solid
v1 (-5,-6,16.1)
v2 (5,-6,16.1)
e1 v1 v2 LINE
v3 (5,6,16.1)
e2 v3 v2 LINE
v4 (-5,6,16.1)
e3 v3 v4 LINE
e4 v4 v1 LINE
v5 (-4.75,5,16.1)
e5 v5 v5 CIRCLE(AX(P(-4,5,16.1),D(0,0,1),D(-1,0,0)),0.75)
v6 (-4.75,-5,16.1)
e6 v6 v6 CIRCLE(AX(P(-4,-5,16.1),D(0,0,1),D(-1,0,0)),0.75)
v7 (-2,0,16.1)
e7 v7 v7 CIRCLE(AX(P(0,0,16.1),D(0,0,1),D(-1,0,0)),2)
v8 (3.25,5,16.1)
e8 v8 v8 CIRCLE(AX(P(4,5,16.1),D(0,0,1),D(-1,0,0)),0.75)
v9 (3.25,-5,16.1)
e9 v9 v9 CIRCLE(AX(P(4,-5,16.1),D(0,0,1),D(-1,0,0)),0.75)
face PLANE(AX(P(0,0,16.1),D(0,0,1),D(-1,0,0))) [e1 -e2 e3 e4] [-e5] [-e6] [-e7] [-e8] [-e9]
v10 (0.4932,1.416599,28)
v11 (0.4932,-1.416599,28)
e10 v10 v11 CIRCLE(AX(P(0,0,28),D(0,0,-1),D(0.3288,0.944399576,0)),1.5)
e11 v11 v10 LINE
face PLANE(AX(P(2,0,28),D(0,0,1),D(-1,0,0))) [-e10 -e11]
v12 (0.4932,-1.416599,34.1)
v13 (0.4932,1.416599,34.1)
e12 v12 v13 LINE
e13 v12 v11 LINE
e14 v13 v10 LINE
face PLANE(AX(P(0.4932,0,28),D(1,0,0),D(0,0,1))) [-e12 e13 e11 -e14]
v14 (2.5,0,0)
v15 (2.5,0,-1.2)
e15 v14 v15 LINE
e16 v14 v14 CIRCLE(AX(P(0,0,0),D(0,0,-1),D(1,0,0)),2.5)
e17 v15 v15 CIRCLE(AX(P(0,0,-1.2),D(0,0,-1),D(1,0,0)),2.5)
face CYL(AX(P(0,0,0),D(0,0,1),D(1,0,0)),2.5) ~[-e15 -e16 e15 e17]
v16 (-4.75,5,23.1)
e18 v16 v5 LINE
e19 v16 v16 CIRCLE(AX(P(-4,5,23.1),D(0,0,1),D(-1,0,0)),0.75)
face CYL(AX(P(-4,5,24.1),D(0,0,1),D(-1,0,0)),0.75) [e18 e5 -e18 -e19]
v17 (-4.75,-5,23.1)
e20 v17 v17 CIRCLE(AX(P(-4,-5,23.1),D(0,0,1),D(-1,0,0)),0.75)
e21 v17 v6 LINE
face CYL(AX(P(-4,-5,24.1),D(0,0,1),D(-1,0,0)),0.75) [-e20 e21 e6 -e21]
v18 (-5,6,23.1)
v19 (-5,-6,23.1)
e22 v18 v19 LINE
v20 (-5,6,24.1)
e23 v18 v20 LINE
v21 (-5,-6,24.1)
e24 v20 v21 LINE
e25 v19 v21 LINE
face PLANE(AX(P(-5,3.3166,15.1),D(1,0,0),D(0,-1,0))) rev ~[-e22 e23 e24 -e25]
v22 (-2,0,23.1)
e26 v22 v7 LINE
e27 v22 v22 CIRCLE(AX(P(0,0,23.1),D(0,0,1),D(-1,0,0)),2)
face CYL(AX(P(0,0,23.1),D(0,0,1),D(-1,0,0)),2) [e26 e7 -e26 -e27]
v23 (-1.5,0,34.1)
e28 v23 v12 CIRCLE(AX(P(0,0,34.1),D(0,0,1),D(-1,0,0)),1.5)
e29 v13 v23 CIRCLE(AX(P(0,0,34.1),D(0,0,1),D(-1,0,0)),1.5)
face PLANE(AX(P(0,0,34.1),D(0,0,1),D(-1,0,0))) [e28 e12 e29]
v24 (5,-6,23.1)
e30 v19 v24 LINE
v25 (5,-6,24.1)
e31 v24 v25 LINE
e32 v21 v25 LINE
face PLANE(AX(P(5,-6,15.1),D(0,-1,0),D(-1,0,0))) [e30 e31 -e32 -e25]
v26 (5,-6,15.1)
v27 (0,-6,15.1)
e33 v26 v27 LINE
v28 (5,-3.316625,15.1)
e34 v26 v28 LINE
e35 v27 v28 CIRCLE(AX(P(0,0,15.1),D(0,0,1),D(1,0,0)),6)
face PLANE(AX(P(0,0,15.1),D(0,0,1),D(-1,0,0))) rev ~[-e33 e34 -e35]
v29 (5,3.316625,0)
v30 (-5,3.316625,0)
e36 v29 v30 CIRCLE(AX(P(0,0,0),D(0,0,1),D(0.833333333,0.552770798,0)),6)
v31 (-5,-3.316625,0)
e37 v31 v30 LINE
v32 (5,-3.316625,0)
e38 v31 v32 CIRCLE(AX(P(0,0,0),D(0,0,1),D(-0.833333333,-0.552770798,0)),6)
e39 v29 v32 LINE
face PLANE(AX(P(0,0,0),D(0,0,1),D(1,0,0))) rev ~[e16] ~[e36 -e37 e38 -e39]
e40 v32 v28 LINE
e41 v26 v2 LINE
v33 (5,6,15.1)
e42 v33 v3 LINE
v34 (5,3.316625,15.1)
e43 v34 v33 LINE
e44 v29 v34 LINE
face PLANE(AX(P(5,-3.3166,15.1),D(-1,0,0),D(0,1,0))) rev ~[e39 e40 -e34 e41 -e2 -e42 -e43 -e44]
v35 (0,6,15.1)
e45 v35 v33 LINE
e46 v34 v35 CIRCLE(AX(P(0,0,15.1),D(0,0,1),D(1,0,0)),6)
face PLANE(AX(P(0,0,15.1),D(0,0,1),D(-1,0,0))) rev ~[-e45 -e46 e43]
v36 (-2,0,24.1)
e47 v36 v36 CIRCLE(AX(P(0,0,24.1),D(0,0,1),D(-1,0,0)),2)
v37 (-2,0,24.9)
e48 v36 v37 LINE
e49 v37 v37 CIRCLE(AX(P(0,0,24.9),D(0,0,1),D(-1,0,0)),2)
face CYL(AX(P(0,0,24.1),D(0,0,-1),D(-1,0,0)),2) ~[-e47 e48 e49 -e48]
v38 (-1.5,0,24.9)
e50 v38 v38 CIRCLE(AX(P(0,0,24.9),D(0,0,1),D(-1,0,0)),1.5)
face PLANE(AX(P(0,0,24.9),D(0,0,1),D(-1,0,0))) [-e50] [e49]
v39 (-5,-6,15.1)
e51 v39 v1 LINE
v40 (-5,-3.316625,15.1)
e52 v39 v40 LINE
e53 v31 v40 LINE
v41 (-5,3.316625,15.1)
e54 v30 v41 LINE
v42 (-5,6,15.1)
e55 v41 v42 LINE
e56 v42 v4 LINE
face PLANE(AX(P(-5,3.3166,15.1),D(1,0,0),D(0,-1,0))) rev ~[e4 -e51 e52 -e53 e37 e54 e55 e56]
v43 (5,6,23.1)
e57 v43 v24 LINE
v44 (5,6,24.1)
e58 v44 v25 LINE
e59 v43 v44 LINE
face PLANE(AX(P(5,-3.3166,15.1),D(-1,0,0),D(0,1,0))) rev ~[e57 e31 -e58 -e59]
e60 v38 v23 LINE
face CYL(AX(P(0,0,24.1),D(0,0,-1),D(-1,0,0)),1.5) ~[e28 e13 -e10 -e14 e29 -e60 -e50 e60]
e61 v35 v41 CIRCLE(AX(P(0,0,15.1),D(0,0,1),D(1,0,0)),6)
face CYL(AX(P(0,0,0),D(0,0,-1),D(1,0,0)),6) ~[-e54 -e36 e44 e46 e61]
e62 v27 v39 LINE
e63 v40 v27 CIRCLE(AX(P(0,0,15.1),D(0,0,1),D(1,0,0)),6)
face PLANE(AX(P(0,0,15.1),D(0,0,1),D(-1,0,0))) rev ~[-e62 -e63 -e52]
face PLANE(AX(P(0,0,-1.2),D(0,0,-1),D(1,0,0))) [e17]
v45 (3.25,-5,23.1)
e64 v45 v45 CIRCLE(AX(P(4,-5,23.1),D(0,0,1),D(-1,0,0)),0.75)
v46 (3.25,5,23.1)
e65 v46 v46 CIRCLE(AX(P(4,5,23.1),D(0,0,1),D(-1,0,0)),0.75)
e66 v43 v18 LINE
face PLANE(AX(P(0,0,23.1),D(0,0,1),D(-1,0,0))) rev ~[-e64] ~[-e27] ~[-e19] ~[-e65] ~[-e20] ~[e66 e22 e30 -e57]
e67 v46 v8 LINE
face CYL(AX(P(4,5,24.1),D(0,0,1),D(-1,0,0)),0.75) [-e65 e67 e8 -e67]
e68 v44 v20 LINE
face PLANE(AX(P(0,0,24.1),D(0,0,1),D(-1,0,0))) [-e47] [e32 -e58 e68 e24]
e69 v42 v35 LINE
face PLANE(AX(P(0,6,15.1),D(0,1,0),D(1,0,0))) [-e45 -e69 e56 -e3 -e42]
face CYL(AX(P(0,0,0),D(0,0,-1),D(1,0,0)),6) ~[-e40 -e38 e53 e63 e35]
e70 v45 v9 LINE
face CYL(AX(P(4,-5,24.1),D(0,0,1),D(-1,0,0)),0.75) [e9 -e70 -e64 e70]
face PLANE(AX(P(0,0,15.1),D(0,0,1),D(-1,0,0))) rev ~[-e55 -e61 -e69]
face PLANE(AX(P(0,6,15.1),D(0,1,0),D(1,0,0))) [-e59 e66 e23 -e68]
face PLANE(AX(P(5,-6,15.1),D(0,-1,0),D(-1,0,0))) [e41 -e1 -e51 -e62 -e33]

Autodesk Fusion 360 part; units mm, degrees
sketch "Sketch1" plane through (0, 0, 0) normal (0, 0, 1) x (1, 0, 0)
  circle A0 centre (0, 0) radius 6
  line L0 (-5, 6) -> (5, 6)
  line L1 (5, 6) -> (5, -6)
  line L2 (5, -6) -> (-5, -6)
  line L3 (-5, -6) -> (-5, 6)
  line L4 (-5, 6) -> (5, -6) construction
  line L5 (5, 6) -> (-5, -6) construction
  dimension "d1" = 12
  dimension "d2" = 10
  dimension "d3" = 12
extrude "Extrude1" add sketch "Sketch1" along normal blind 15.1 contours A0 L1 L3
sketch "Sketch2" plane through (0, 0, 15.1) normal (0, 0, 1) x (-1, 0, 0)
  arc A0 (-5, -3.3166) -> (5, -3.3166) centre (0, 0) ccw
  line L0 (5, -3.3166) -> (5, 3.3166)
  arc A1 (5, 3.3166) -> (-5, 3.3166) centre (0, 0) ccw
  line L1 (-5, 3.3166) -> (-5, -3.3166)
  line L2 (5, -6) -> (-5, -6)
  line L3 (-5, -6) -> (-5, 6)
  line L4 (-5, 6) -> (5, 6)
  line L5 (5, 6) -> (5, -6)
  line L6 (5, -6) -> (-5, 6) construction
  line L7 (-5, -6) -> (5, 6) construction
  dimension "d6" = 10
  dimension "d7" = 12
extrude "Extrude2" add sketch "Sketch2" along normal blind 9
sketch "Sketch3" plane through (0, 0, 24.1) normal (0, 0, 1) x (-1, 0, 0)
  line L0 (5, 6) -> (-5, 6)
  line L1 (-5, 6) -> (-5, -6)
  line L2 (-5, -6) -> (5, -6)
  line L3 (5, -6) -> (5, 6)
  circle A0 centre (0, 0) radius 2
  circle A1 centre (0, 0) radius 1.5
  dimension "d10" = 4
  dimension "d11" = 3
extrude "Extrude3" add sketch "Sketch3" along normal blind 0.8 contours A0
extrude "Extrude4" add 1 faces at (-0.567, 0.5383, 24.1) along direction (0, 0, 1) blind 10
extrude "Extrude5" add sketch "Sketch3" along normal blind 10 contours A1
sketch "Sketch4" plane through (0, 0, 0) normal (0, 0, -1) x (1, 0, 0)
  arc A0 (-5, -3.3166) -> (5, -3.3166) centre (0, 0) ccw
  line L0 (5, -3.3166) -> (5, 3.3166)
  arc A1 (5, 3.3166) -> (-5, 3.3166) centre (0, 0) ccw
  line L1 (-5, 3.3166) -> (-5, -3.3166)
  circle A2 centre (0, 0) radius 2.5
  dimension "d18" = 5
extrude "Extrude6" add sketch "Sketch4" along normal blind 1.2 contours A2
sketch "Sketch5" plane through (0, 0, 24.1) normal (0, 0, 1) x (-1, 0, 0)
  line L0 (-4, 5) -> (4, 5)
  line L1 (4, 5) -> (4, -5)
  line L2 (4, -5) -> (-4, -5)
  line L3 (-4, -5) -> (-4, 5)
  line L4 (-4, 5) -> (4, -5) construction
  line L5 (4, 5) -> (-4, -5) construction
  circle A0 centre (4, -5) radius 0.75
  circle A1 centre (-4, -5) radius 0.75
  circle A2 centre (4, 5) radius 0.75
  circle A3 centre (-4, 5) radius 0.75
  circle A4 centre (0, 0) radius 1.5
  dimension "d21" = 1.5
  dimension "d22" = 1.5
  dimension "d23" = 1.5
  dimension "d24" = 1.5
  dimension "d25" = 3
extrude "Extrude7" cut 1 faces at (0.0498, 4.6648, 24.1) along direction (0, 0, -1) blind 7 from surface at 1
extrude "Extrude8" add sketch "Sketch5" against normal blind 8.5 contours L0 L3 A3 | L0 L3 A3 | L0 L1 A2 | L0 L1 A2 | L2 L3 A1 | L2 L3 A1 | L1 L2 A0 | L1 L2 A0 | A4
sketch "Sketch6" plane through (0, 0, 0) normal (0, 1, 0) x (1, 0, 0)
  line L0 (1, -28) -> (3, -28)
  line L1 (3, -28) -> (3, -35)
  line L2 (3, -35) -> (1, -35)
  line L3 (1, -35) -> (1, -28)
sketch "Sketch7" plane through (0, 0, 0) normal (0, 1, 0) x (1, 0, 0)
extrude "Extrude9" cut sketch "Sketch6" along normal blind 8
sketch "Sketch8" plane through (0, 0, 0) normal (0, 1, 0) x (1, 0, 0)
  line L0 (0.4932, -34.2266) -> (2, -34.2266)
  line L1 (2, -34.2266) -> (2, -28)
  line L2 (2, -28) -> (0.4932, -28)
  line L3 (0.4932, -28) -> (0.4932, -34.2266)
extrude "Extrude10" cut sketch "Sketch8" along normal blind 100
extrude "Extrude11" cut sketch "Sketch8" against normal blind 100
